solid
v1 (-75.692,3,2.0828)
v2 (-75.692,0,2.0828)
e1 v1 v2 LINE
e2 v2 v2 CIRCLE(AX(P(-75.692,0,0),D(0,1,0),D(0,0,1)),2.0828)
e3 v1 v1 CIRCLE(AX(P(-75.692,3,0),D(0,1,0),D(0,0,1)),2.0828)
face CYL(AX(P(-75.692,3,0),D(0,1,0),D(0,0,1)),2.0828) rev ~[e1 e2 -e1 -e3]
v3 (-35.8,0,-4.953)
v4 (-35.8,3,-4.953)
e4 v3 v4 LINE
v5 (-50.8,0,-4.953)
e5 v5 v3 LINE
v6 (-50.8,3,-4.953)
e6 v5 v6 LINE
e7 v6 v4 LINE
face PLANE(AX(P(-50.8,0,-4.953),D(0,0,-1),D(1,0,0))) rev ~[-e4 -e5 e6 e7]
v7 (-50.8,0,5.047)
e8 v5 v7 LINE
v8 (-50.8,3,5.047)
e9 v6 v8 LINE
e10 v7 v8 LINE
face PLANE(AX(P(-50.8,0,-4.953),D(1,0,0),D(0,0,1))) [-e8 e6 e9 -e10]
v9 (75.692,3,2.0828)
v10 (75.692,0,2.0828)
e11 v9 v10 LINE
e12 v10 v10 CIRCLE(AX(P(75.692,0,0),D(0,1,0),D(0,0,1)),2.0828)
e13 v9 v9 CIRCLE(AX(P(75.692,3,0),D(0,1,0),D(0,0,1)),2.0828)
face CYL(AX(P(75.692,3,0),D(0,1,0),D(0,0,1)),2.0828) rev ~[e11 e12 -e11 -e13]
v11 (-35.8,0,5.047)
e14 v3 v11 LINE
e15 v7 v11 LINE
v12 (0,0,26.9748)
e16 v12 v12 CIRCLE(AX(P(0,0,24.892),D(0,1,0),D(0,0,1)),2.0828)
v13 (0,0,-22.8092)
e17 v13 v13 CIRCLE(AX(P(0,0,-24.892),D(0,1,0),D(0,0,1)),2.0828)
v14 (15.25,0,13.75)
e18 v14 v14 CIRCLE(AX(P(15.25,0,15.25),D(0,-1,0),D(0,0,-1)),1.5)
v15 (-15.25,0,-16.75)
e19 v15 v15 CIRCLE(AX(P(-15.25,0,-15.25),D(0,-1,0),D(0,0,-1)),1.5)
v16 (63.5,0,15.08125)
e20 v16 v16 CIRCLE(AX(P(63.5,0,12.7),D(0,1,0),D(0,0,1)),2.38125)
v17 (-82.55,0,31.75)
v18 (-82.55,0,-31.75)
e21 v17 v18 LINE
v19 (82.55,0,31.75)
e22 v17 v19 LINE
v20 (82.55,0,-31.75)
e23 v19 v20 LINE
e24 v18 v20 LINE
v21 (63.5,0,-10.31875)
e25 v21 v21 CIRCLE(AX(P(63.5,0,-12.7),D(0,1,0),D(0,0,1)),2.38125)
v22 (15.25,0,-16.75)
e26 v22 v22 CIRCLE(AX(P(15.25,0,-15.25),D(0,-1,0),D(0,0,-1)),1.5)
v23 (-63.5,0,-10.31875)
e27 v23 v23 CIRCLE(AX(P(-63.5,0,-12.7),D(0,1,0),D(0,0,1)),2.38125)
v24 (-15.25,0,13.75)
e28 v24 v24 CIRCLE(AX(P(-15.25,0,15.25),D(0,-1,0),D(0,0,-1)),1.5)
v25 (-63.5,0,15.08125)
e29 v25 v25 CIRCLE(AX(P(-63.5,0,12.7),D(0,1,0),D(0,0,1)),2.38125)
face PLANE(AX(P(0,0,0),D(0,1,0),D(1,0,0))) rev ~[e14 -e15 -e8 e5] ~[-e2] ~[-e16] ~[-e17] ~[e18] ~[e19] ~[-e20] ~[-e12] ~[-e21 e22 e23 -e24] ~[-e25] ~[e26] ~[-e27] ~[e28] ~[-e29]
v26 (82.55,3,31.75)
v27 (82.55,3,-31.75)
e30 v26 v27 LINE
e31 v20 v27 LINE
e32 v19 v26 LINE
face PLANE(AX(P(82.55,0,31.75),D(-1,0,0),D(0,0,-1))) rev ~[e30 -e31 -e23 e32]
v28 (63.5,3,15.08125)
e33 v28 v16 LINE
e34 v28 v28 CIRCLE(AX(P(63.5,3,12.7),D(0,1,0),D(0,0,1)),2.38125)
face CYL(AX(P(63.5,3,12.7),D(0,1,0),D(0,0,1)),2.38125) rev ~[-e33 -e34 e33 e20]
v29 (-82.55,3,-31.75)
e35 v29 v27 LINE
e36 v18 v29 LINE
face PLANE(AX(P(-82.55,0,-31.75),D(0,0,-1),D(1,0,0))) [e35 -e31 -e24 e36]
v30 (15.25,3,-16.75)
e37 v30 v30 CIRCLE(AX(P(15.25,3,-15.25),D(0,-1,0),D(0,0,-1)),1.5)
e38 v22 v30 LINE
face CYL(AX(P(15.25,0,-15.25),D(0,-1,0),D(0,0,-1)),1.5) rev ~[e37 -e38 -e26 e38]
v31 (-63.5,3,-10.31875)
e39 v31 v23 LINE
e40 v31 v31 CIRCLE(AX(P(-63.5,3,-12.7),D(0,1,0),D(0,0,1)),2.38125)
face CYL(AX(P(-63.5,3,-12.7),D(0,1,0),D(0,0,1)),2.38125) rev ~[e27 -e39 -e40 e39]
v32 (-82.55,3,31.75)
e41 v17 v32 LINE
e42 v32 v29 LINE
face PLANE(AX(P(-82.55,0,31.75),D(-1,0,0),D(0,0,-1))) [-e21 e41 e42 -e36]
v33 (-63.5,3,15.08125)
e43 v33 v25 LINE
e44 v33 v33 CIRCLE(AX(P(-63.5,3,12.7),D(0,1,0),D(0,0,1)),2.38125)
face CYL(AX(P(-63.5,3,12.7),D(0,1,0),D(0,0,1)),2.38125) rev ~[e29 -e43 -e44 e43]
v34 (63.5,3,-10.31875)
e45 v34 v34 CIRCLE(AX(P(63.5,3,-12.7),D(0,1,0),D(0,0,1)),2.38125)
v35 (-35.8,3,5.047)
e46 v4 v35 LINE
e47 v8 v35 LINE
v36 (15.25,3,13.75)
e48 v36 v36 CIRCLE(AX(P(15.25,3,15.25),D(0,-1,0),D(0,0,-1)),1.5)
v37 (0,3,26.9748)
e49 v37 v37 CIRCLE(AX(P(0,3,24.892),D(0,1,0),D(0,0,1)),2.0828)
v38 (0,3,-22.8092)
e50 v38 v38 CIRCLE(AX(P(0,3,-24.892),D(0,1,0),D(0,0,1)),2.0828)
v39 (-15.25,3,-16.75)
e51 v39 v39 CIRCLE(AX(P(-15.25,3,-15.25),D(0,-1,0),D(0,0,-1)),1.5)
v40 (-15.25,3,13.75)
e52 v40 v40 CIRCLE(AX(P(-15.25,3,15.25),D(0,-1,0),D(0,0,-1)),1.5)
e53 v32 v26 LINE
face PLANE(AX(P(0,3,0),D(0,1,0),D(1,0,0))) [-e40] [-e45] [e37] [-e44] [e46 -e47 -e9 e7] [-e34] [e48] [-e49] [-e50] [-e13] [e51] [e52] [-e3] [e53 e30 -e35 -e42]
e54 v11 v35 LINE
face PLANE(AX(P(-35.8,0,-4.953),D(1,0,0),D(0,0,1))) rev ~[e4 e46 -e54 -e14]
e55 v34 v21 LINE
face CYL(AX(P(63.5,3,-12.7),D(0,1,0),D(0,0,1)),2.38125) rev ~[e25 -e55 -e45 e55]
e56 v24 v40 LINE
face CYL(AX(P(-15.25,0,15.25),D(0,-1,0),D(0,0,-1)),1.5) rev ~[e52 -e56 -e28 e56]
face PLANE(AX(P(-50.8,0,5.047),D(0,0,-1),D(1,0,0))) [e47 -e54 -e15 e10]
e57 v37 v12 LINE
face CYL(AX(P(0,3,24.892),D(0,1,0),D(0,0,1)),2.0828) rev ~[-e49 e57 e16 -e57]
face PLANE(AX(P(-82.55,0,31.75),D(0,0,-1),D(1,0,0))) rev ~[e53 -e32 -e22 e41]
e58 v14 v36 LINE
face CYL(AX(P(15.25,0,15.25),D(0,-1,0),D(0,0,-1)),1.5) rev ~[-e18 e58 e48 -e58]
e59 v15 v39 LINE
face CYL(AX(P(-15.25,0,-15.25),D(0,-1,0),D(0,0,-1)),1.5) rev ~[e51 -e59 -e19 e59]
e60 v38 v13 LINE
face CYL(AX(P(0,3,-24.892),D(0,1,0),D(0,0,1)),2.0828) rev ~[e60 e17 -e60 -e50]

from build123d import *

# Parameters (mm, degrees)
SKETCH1_W           = 165.1
SKETCH1_H           = 63.5
BOSS_EXTRUDE1_DEPTH = 3
CUT_EXTRUDE1_REACH  = 90.496
SKETCH6_R           = 1.5
SKETCH6_W           = 15
SKETCH6_H           = 10
CUT_EXTRUDE3_REACH  = 90.496
SKETCH8_R           = 2.38125
SKETCH9_R           = 2.0828
CUT_EXTRUDE5_DEPTH  = 5.08
SKETCH10_R          = 2.0828
CUT_EXTRUDE6_DEPTH  = 5.08


with BuildPart() as part:
    # Sketch1 → Boss-Extrude1 (new body)
    with BuildSketch(Plane(origin=(0, 0, 0), x_dir=(1, 0, 0), z_dir=(0, 1, 0))):
        Rectangle(SKETCH1_W, SKETCH1_H)
    extrude(amount=BOSS_EXTRUDE1_DEPTH)

    # Sketch6 → Cut-Extrude1 (cut, up to next)
    with BuildSketch(Plane.XZ, mode=Mode.PRIVATE) as cut_extrude1_sk1:
        with Locations(Location((-15.25, 15.25, 0), (0, 0, 270))):
            Circle(SKETCH6_R)
    cut_extrude1_tool1 = extrude(cut_extrude1_sk1.sketch, amount=-CUT_EXTRUDE1_REACH, mode=Mode.PRIVATE) & part.part
    # Sketch6 → Cut-Extrude1 (cut, up to next)
    with BuildSketch(Plane.XZ, mode=Mode.PRIVATE) as cut_extrude1_sk2:
        with Locations(Location((15.25, 15.25, 0), (0, 0, 270))):
            Circle(SKETCH6_R)
    cut_extrude1_tool2 = extrude(cut_extrude1_sk2.sketch, amount=-CUT_EXTRUDE1_REACH, mode=Mode.PRIVATE) & part.part
    # Sketch6 → Cut-Extrude1 (cut, up to next)
    with BuildSketch(Plane.XZ, mode=Mode.PRIVATE) as cut_extrude1_sk3:
        with Locations(Location((-15.25, -15.25, 0), (0, 0, 270))):
            Circle(SKETCH6_R)
    cut_extrude1_tool3 = extrude(cut_extrude1_sk3.sketch, amount=-CUT_EXTRUDE1_REACH, mode=Mode.PRIVATE) & part.part
    # Sketch6 → Cut-Extrude1 (cut, up to next)
    with BuildSketch(Plane.XZ, mode=Mode.PRIVATE) as cut_extrude1_sk4:
        with Locations(Location((15.25, -15.25, 0), (0, 0, 270))):
            Circle(SKETCH6_R)
    cut_extrude1_tool4 = extrude(cut_extrude1_sk4.sketch, amount=-CUT_EXTRUDE1_REACH, mode=Mode.PRIVATE) & part.part
    # Sketch6 → Cut-Extrude1 (cut, up to next)
    with BuildSketch(Plane.XZ, mode=Mode.PRIVATE) as cut_extrude1_sk5:
        with Locations((-43.3, 0.047)):
            Rectangle(SKETCH6_W, SKETCH6_H)
    cut_extrude1_tool5 = extrude(cut_extrude1_sk5.sketch, amount=-CUT_EXTRUDE1_REACH, mode=Mode.PRIVATE) & part.part
    add(cut_extrude1_tool1.solids().sort_by_distance((-15.25, 0, 15.25))[0], mode=Mode.SUBTRACT)
    add(cut_extrude1_tool2.solids().sort_by_distance((15.25, 0, 15.25))[0], mode=Mode.SUBTRACT)
    add(cut_extrude1_tool3.solids().sort_by_distance((-15.25, 0, -15.25))[0], mode=Mode.SUBTRACT)
    add(cut_extrude1_tool4.solids().sort_by_distance((15.25, 0, -15.25))[0], mode=Mode.SUBTRACT)
    add(cut_extrude1_tool5.solids().sort_by_distance((-43.3, 0, 0.047))[0], mode=Mode.SUBTRACT)

    # Sketch8 → Cut-Extrude3 (cut, up to next)
    with BuildSketch(Plane(origin=(0, 3, 0), x_dir=(1, 0, 0), z_dir=(0, 1, 0)), mode=Mode.PRIVATE) as cut_extrude3_sk1:
        with Locations(Location((-63.5, -12.7, 0), (0, 0, 270))):
            Circle(SKETCH8_R)
    cut_extrude3_tool1 = extrude(cut_extrude3_sk1.sketch, amount=-CUT_EXTRUDE3_REACH, mode=Mode.PRIVATE) & part.part
    # Sketch8 → Cut-Extrude3 (cut, up to next)
    with BuildSketch(Plane(origin=(0, 3, 0), x_dir=(1, 0, 0), z_dir=(0, 1, 0)), mode=Mode.PRIVATE) as cut_extrude3_sk2:
        with Locations(Location((-63.5, 12.7, 0), (0, 0, 270))):
            Circle(SKETCH8_R)
    cut_extrude3_tool2 = extrude(cut_extrude3_sk2.sketch, amount=-CUT_EXTRUDE3_REACH, mode=Mode.PRIVATE) & part.part
    # Sketch8 → Cut-Extrude3 (cut, up to next)
    with BuildSketch(Plane(origin=(0, 3, 0), x_dir=(1, 0, 0), z_dir=(0, 1, 0)), mode=Mode.PRIVATE) as cut_extrude3_sk3:
        with Locations(Location((63.5, 12.7, 0), (0, 0, 270))):
            Circle(SKETCH8_R)
    cut_extrude3_tool3 = extrude(cut_extrude3_sk3.sketch, amount=-CUT_EXTRUDE3_REACH, mode=Mode.PRIVATE) & part.part
    # Sketch8 → Cut-Extrude3 (cut, up to next)
    with BuildSketch(Plane(origin=(0, 3, 0), x_dir=(1, 0, 0), z_dir=(0, 1, 0)), mode=Mode.PRIVATE) as cut_extrude3_sk4:
        with Locations(Location((63.5, -12.7, 0), (0, 0, 270))):
            Circle(SKETCH8_R)
    cut_extrude3_tool4 = extrude(cut_extrude3_sk4.sketch, amount=-CUT_EXTRUDE3_REACH, mode=Mode.PRIVATE) & part.part
    add(cut_extrude3_tool1.solids().sort_by_distance((-63.5, 3, 12.7))[0], mode=Mode.SUBTRACT)
    add(cut_extrude3_tool2.solids().sort_by_distance((-63.5, 3, -12.7))[0], mode=Mode.SUBTRACT)
    add(cut_extrude3_tool3.solids().sort_by_distance((63.5, 3, -12.7))[0], mode=Mode.SUBTRACT)
    add(cut_extrude3_tool4.solids().sort_by_distance((63.5, 3, 12.7))[0], mode=Mode.SUBTRACT)

    # Sketch9 → Cut-Extrude5 (cut)
    with BuildSketch(Plane(origin=(0, 3, 0), x_dir=(1, 0, 0), z_dir=(0, 1, 0))):
        with Locations(Location((-75.692, 0, 0), (0, 0, 270))):
            Circle(SKETCH9_R)
        with Locations(Location((75.692, 0, 0), (0, 0, 270))):
            Circle(SKETCH9_R)
    extrude(amount=-CUT_EXTRUDE5_DEPTH, mode=Mode.SUBTRACT)

    # Sketch10 → Cut-Extrude6 (cut)
    with BuildSketch(Plane(origin=(0, 3, 0), x_dir=(1, 0, 0), z_dir=(0, 1, 0))):
        with Locations(Location((0, -24.892, 0), (0, 0, 270))):
            Circle(SKETCH10_R)
        with Locations(Location((0, 24.892, 0), (0, 0, 270))):
            Circle(SKETCH10_R)
    extrude(amount=-CUT_EXTRUDE6_DEPTH, mode=Mode.SUBTRACT)


solid = part.part
